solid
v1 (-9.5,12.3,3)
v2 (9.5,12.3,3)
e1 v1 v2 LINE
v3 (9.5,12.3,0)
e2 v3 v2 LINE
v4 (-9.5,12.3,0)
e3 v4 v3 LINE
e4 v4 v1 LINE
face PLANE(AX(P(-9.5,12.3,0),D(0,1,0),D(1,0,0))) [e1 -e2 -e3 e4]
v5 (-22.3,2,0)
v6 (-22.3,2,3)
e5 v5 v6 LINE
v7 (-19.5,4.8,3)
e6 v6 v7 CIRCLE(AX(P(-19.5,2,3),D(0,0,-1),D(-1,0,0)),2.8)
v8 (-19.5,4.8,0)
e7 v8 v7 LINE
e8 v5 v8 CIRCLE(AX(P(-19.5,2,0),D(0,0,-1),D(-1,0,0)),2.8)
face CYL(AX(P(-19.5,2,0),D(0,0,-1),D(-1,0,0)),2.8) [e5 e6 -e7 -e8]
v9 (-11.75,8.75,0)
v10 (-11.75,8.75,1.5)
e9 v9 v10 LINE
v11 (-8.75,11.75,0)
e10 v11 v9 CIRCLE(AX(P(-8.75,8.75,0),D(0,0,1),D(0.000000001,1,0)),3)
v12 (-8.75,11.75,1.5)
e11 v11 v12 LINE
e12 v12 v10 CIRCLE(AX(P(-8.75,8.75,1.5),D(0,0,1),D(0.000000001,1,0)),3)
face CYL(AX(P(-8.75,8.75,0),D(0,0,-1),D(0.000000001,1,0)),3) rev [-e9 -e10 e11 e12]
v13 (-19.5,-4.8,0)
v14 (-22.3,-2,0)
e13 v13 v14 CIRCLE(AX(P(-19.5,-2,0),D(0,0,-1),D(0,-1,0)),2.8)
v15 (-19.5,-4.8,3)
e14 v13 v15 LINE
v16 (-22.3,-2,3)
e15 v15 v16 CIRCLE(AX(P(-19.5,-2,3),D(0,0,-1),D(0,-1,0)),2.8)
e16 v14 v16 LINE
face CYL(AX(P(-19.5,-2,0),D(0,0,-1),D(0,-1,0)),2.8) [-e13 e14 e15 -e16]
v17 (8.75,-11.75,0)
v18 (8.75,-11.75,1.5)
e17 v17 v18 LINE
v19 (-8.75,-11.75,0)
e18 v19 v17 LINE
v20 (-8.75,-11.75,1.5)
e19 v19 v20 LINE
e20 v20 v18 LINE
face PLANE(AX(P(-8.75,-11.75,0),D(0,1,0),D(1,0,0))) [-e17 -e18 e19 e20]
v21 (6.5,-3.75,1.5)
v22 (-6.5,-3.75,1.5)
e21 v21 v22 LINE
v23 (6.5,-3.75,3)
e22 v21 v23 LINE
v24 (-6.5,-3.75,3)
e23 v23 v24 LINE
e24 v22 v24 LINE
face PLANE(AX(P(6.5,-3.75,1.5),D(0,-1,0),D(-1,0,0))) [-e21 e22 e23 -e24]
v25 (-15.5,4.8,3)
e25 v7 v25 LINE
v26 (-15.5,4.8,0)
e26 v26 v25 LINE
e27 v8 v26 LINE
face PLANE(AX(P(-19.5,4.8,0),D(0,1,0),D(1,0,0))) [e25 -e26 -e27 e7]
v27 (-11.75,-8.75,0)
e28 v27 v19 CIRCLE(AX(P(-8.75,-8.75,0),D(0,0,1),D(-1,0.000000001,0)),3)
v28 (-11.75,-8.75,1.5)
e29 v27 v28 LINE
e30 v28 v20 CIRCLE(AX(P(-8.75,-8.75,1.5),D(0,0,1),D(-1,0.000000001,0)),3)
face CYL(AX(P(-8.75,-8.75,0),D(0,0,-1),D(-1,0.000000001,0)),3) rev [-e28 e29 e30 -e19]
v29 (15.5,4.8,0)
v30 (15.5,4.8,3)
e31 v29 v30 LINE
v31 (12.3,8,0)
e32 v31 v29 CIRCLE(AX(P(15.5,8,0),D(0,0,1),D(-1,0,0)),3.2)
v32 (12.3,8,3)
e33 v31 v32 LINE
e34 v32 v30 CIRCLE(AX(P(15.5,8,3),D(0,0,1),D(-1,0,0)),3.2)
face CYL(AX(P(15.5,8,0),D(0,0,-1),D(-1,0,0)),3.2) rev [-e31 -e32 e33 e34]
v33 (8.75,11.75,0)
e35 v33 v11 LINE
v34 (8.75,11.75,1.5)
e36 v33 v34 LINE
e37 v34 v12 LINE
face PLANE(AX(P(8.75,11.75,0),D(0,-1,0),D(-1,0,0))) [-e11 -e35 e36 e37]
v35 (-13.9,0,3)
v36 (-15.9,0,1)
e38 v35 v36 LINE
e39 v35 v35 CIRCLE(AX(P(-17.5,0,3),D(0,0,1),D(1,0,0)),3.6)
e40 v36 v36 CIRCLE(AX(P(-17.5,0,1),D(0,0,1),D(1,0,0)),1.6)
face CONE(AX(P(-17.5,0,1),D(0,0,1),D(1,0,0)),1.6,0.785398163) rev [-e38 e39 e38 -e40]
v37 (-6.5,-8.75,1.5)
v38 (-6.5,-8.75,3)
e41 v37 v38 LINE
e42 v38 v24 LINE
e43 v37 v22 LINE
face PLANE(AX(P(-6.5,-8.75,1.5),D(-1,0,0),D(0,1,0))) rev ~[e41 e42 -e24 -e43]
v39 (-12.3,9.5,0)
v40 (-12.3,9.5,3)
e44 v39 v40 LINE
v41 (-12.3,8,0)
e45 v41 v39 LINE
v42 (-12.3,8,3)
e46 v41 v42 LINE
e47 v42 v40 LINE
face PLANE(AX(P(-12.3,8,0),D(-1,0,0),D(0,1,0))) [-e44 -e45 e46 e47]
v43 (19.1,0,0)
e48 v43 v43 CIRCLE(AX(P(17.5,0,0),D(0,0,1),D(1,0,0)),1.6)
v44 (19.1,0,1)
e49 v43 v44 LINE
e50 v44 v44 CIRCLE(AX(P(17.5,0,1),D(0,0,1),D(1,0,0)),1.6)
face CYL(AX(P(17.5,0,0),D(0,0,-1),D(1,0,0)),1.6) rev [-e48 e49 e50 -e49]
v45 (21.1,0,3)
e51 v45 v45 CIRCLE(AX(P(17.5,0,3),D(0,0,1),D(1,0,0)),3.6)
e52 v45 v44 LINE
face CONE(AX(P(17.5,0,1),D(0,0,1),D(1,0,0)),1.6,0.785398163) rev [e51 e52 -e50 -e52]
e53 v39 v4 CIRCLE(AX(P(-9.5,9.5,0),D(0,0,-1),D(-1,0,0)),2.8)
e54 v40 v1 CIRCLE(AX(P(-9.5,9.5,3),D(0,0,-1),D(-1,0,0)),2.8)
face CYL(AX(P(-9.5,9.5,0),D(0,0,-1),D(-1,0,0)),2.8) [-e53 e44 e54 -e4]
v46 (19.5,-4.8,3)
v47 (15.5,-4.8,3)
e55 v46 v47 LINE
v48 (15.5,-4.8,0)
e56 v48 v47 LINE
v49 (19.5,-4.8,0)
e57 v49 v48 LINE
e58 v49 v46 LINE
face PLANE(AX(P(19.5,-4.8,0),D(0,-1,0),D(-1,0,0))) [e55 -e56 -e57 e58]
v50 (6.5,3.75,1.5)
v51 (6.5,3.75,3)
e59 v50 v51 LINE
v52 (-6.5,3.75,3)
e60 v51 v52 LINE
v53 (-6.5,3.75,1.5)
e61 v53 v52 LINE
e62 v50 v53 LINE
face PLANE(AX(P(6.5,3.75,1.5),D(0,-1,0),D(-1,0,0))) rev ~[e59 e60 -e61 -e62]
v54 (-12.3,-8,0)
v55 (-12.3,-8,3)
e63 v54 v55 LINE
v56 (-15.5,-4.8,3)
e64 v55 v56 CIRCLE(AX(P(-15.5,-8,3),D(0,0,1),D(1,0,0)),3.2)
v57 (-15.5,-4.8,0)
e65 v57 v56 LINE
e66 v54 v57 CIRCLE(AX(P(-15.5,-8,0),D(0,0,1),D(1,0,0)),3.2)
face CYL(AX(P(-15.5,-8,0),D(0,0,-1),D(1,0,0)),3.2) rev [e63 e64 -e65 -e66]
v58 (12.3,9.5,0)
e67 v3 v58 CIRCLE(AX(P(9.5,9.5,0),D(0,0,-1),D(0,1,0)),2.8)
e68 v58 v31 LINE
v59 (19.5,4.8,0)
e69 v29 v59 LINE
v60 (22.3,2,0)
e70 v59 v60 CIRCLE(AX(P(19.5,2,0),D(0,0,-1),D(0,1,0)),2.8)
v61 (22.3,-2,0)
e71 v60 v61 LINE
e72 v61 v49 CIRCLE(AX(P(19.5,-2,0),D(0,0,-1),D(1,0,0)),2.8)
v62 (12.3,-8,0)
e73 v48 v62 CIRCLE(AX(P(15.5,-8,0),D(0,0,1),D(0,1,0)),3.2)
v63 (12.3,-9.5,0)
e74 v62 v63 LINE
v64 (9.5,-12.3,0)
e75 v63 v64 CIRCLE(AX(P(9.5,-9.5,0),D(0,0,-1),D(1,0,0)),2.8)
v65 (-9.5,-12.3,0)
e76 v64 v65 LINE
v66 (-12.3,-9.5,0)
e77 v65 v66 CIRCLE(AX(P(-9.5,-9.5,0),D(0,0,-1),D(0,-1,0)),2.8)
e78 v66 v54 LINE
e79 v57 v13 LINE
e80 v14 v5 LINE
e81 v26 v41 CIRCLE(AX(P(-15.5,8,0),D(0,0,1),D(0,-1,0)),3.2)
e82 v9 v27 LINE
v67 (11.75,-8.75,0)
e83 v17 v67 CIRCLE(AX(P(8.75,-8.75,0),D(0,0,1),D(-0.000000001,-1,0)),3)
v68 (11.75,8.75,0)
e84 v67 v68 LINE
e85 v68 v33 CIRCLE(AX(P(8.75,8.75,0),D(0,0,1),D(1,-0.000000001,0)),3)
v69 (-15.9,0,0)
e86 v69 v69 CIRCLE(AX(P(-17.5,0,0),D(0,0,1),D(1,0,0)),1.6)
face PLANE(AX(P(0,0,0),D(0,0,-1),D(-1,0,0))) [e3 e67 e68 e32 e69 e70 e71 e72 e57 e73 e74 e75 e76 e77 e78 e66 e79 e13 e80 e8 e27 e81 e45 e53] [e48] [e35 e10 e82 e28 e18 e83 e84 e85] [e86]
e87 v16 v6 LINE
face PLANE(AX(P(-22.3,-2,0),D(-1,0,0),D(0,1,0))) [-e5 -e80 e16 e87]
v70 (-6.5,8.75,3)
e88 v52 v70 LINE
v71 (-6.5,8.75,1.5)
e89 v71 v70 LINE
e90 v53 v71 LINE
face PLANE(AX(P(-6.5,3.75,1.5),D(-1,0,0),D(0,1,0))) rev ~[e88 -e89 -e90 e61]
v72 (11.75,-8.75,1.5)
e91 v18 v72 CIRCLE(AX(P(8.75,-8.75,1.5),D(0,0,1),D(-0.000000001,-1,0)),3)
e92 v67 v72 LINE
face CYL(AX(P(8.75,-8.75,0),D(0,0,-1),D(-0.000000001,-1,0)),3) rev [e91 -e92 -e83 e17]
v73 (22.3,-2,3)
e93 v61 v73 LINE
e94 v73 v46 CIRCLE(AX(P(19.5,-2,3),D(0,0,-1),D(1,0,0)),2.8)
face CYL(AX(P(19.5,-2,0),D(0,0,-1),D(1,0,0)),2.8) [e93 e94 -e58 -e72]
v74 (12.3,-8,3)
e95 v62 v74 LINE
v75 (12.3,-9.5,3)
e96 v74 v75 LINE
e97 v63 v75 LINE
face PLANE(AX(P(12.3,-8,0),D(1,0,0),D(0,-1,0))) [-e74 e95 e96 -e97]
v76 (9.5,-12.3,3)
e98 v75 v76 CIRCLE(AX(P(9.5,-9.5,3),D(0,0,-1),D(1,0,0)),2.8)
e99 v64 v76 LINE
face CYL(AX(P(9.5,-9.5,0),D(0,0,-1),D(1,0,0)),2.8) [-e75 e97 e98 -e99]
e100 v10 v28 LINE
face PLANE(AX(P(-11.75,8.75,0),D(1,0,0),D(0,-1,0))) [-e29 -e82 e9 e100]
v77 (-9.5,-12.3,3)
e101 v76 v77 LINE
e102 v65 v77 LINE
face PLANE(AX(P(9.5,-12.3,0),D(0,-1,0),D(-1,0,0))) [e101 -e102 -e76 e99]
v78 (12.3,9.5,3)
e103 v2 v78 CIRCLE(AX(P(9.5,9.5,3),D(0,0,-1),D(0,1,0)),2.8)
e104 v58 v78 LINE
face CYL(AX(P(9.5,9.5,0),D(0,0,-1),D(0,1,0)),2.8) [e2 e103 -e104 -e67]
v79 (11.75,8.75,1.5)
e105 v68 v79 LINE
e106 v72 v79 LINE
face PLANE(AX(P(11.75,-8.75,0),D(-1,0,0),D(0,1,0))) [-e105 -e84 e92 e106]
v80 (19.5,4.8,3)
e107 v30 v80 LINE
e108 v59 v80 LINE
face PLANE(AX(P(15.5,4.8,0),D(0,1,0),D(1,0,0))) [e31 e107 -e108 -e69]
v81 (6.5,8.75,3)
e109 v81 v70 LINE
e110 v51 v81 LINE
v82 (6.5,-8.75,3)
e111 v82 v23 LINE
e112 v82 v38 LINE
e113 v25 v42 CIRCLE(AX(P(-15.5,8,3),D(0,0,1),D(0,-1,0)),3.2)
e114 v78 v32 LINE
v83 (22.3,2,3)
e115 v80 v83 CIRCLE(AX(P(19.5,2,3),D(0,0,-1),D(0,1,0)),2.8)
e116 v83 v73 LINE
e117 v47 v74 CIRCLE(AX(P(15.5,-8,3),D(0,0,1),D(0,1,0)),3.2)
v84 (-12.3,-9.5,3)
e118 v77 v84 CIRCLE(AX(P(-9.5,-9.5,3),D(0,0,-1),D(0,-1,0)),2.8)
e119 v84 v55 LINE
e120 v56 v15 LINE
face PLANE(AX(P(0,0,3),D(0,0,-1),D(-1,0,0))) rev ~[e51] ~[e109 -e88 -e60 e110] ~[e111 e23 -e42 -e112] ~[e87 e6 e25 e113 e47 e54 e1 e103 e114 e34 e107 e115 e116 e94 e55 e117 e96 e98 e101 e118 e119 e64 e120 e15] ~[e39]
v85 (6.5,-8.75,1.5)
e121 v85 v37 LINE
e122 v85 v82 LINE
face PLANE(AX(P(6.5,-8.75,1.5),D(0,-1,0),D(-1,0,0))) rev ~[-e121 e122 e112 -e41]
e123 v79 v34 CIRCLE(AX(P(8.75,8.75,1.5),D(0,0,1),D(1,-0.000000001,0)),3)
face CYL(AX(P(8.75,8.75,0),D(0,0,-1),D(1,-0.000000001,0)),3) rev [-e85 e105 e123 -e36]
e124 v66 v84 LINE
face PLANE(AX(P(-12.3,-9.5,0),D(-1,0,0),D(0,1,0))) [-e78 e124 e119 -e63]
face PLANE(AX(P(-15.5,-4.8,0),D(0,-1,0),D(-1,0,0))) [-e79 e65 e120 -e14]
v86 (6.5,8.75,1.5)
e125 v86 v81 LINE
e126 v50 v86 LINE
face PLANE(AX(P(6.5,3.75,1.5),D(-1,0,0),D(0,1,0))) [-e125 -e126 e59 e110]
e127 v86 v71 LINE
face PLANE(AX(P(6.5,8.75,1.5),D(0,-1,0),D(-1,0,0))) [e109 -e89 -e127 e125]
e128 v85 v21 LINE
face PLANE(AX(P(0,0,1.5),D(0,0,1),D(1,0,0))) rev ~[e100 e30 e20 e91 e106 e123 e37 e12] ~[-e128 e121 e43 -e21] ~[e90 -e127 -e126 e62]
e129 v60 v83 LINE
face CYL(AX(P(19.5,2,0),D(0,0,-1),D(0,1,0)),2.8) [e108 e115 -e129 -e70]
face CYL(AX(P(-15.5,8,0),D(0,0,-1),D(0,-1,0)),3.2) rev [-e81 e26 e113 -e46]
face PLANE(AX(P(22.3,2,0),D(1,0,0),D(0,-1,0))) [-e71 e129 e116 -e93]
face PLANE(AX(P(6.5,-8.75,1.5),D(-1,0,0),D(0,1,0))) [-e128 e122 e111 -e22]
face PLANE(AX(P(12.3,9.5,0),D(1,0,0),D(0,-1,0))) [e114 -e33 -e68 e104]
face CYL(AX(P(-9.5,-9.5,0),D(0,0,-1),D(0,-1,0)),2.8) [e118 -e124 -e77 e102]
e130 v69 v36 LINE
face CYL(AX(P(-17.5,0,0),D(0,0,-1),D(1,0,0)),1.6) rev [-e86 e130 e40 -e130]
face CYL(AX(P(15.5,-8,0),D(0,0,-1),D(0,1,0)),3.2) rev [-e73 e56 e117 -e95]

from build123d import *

# Parameters (mm, degrees)
ESQUISSE1_R             = 1.6
BOSS_EXTRU_1_DEPTH      = 3
ENL_V_MAT_EXTRU_1_DEPTH = 1.5
ESQUISSE4_W             = 13
ESQUISSE4_H             = 5
ENL_V_MAT_EXTRU_2_DEPTH = 26.511370014
CHANFREIN1_SIZE         = 2


with BuildPart() as part:
    # Esquisse1 → Boss.-Extru.1 (new body)
    with BuildSketch(Plane.XY):
        with BuildLine():
            Line((-9.5, 12.3), (9.5, 12.3))
            ThreePointArc((9.5, 12.3), (11.479898987, 11.479898987), (12.3, 9.5))
            Line((12.3, 9.5), (12.3, 8))
            ThreePointArc((12.3, 8), (13.2372583, 5.7372583), (15.5, 4.8))
            Line((15.5, 4.8), (19.5, 4.8))
            ThreePointArc((19.5, 4.8), (21.479898987, 3.979898987), (22.3, 2))
            Line((22.3, 2), (22.3, -2))
            ThreePointArc((22.3, -2), (21.479898987, -3.979898987), (19.5, -4.8))
            Line((19.5, -4.8), (15.5, -4.8))
            ThreePointArc((15.5, -4.8), (13.2372583, -5.7372583), (12.3, -8))
            Line((12.3, -8), (12.3, -9.5))
            ThreePointArc((12.3, -9.5), (11.479898987, -11.479898987), (9.5, -12.3))
            Line((9.5, -12.3), (-9.5, -12.3))
            ThreePointArc((-9.5, -12.3), (-11.479898987, -11.479898987), (-12.3, -9.5))
            Line((-12.3, -9.5), (-12.3, -8))
            ThreePointArc((-12.3, -8), (-13.2372583, -5.7372583), (-15.5, -4.8))
            Line((-15.5, -4.8), (-19.5, -4.8))
            ThreePointArc((-19.5, -4.8), (-21.479898987, -3.979898987), (-22.3, -2))
            Line((-22.3, -2), (-22.3, 2))
            ThreePointArc((-22.3, 2), (-21.479898987, 3.979898987), (-19.5, 4.8))
            Line((-19.5, 4.8), (-15.5, 4.8))
            ThreePointArc((-15.5, 4.8), (-13.2372583, 5.7372583), (-12.3, 8))
            Line((-12.3, 8), (-12.3, 9.5))
            ThreePointArc((-12.3, 9.5), (-11.479898987, 11.479898987), (-9.5, 12.3))
        make_face()
        with Locations((-17.5, 0)):
            Circle(ESQUISSE1_R, mode=Mode.SUBTRACT)
        with Locations((17.5, 0)):
            Circle(ESQUISSE1_R, mode=Mode.SUBTRACT)
    extrude(amount=BOSS_EXTRU_1_DEPTH)

    # Esquisse2 → Enlèv. mat.-Extru.1 (cut)
    with BuildSketch(Plane(origin=(0, 0, 0), x_dir=(-1, 0, 0), z_dir=(0, 0, -1))):
        with BuildLine():
            Line((-8.75, 11.75), (8.75, 11.75))
            ThreePointArc((8.75, 11.75), (10.871320344, 10.871320344), (11.75, 8.75))
            Line((11.75, 8.75), (11.75, -8.75))
            ThreePointArc((11.75, -8.75), (10.871320344, -10.871320344), (8.75, -11.75))
            Line((8.75, -11.75), (-8.75, -11.75))
            ThreePointArc((-8.75, -11.75), (-10.871320344, -10.871320344), (-11.75, -8.75))
            Line((-11.75, -8.75), (-11.75, 8.75))
            ThreePointArc((-11.75, 8.75), (-10.871320344, 10.871320344), (-8.75, 11.75))
        make_face()
    extrude(amount=-ENL_V_MAT_EXTRU_1_DEPTH, mode=Mode.SUBTRACT)

    # Esquisse4 → Enlèv. mat.-Extru.2 (cut, through all)
    with BuildSketch(Plane(origin=(0, 0, 1.5), x_dir=(-1, 0, 0), z_dir=(0, 0, -1))):
        with Locations((0, 6.25)):
            Rectangle(ESQUISSE4_W, ESQUISSE4_H)
        with Locations((0, -6.25)):
            Rectangle(ESQUISSE4_W, ESQUISSE4_H)
    extrude(amount=-ENL_V_MAT_EXTRU_2_DEPTH, mode=Mode.SUBTRACT)

    # Chanfrein1
    chanfrein1_edges = [part.edges().sort_by_distance(p)[0] for p in [
        (-19.1, 0, 3),
        (15.9, 0, 3),
    ]]
    chamfer(chanfrein1_edges, length=CHANFREIN1_SIZE)


solid = part.part
